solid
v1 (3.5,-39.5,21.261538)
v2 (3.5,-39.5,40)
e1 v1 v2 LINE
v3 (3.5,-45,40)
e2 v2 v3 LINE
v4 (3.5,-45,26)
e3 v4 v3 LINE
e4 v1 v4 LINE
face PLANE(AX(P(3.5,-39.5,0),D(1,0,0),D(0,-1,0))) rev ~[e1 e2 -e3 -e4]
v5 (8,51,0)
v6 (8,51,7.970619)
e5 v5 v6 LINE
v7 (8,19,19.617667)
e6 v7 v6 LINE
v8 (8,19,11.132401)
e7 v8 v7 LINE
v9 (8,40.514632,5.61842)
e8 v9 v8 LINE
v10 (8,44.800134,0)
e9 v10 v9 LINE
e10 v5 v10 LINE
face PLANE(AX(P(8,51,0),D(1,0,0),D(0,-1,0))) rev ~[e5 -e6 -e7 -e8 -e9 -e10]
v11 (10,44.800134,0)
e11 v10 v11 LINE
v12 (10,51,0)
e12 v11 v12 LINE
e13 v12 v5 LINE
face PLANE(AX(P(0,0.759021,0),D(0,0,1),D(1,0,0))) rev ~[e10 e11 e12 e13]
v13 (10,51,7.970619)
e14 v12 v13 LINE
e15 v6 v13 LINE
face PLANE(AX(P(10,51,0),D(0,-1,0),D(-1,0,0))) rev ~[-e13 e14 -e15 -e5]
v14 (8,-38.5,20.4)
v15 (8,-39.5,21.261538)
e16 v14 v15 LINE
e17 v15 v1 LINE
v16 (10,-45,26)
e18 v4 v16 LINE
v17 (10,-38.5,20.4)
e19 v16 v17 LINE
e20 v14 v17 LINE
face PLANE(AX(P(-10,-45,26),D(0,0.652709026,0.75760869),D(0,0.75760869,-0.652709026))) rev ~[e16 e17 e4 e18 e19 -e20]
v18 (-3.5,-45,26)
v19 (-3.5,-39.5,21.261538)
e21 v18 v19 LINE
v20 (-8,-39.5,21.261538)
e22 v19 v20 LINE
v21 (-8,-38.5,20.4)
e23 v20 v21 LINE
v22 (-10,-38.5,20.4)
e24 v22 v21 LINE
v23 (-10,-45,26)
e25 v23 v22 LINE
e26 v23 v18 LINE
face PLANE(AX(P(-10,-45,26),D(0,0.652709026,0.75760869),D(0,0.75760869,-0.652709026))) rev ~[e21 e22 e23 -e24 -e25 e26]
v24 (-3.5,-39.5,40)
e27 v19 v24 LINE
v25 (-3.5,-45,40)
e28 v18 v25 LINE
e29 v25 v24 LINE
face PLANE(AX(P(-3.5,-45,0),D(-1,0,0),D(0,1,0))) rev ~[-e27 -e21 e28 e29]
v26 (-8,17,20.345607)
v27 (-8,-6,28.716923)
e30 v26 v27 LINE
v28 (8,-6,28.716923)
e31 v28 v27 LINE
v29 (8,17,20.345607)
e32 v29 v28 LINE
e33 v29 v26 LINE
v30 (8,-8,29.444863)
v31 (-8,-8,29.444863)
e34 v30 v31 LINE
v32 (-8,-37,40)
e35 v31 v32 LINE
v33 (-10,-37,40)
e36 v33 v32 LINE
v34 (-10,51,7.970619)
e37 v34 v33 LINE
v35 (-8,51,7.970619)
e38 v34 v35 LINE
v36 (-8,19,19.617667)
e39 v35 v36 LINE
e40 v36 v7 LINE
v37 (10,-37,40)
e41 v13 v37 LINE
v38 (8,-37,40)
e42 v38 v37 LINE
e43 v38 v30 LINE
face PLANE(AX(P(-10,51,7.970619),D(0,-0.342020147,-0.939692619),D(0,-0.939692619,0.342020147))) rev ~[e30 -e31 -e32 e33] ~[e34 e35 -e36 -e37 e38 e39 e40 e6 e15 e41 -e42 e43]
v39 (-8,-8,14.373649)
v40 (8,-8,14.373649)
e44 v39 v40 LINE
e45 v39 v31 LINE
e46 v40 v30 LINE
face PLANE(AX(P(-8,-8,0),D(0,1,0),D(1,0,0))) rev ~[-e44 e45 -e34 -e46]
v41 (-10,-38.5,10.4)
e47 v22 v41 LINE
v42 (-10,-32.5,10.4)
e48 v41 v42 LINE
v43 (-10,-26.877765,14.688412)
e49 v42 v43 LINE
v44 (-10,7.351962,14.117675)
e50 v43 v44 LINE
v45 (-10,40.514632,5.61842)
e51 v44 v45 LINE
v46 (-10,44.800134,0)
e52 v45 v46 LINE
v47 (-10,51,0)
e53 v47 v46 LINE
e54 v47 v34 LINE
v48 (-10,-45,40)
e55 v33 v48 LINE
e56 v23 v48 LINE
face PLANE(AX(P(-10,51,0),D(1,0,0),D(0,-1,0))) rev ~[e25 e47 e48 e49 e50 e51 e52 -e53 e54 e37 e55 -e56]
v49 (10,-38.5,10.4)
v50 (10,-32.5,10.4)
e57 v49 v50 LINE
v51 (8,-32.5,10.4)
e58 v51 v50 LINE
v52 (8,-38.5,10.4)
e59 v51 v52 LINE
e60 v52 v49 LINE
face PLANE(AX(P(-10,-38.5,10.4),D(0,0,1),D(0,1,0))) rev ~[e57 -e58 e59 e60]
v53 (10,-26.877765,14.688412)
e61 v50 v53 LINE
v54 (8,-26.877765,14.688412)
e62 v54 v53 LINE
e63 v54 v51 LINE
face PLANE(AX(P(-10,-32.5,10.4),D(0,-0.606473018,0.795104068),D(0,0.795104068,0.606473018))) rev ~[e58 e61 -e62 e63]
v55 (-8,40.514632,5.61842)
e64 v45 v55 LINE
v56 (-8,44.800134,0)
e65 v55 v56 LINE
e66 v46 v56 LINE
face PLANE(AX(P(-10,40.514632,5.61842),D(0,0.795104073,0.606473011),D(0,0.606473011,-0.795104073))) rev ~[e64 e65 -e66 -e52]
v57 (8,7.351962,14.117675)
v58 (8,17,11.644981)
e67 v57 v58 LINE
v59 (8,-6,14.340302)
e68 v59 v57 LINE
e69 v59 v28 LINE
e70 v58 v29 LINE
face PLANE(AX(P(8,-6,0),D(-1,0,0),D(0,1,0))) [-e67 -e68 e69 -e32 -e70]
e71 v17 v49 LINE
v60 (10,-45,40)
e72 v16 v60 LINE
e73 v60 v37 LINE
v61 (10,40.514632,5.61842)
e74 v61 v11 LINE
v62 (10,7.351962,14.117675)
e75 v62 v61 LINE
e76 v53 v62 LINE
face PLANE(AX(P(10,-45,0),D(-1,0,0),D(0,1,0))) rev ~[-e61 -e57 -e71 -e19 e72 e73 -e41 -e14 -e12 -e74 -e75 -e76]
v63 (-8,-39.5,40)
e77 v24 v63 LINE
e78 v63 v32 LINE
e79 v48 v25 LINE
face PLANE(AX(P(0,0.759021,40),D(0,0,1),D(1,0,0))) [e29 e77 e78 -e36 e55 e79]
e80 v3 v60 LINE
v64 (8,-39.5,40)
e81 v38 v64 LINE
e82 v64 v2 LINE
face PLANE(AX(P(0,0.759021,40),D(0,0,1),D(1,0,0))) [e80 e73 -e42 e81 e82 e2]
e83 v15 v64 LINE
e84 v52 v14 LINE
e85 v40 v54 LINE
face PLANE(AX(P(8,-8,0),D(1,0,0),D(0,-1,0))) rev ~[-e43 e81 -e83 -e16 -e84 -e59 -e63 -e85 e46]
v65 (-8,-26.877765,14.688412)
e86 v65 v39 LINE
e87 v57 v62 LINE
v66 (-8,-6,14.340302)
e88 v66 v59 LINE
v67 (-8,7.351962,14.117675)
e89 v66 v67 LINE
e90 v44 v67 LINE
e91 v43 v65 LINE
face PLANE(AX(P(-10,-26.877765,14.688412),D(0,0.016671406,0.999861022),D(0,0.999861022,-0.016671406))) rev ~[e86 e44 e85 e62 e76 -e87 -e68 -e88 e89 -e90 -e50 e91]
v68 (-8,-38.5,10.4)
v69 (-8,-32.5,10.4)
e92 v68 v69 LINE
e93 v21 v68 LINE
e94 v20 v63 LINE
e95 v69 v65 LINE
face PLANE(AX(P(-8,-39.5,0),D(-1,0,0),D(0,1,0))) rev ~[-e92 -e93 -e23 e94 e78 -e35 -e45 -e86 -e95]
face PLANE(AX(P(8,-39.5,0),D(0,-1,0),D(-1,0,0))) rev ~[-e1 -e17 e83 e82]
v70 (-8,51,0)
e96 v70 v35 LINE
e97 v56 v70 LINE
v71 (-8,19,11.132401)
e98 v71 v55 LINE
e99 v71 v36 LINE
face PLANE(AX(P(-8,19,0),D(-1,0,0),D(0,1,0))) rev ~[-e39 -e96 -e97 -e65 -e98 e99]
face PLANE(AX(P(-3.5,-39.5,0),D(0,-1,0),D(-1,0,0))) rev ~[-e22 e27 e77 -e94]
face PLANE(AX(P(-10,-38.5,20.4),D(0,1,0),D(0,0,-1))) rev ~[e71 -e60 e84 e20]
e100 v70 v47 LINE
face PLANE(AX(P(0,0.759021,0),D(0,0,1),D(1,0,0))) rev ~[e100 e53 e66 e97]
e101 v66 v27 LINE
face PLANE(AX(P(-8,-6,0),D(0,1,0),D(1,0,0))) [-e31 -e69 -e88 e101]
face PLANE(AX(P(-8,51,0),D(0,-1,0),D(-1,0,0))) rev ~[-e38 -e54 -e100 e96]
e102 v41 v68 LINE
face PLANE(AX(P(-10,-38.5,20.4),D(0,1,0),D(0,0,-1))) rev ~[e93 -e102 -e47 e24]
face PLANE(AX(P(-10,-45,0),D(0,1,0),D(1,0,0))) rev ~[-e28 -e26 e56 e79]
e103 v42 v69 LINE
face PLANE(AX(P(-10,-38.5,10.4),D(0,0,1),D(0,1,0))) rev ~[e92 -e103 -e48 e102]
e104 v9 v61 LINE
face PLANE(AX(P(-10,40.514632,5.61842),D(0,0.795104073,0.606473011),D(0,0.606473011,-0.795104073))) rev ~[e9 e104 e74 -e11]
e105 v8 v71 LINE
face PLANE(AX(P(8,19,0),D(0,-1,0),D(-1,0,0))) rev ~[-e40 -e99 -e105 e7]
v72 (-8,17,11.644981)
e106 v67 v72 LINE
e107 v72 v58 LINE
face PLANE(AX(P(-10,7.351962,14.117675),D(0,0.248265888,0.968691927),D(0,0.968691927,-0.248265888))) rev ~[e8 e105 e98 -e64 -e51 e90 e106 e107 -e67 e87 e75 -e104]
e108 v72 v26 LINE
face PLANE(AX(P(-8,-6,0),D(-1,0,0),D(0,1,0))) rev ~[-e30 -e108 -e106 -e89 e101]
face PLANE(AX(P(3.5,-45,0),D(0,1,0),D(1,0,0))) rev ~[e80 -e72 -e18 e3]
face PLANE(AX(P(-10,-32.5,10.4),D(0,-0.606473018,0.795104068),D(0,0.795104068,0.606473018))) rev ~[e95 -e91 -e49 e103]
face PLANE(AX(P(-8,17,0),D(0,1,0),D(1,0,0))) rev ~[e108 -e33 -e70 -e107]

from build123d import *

# Parameters (mm, degrees)
F0_R     = 1.25
F0_W     = 16
F0_H     = 23
F1_DEPTH = 40
F3_DEPTH = 50


with BuildPart() as f1:
    # F0 (on Top) → F1 (new body)
    with BuildSketch(Plane.XY):
        Polygon((3.5, -45), (10, -45), (10, 45), (10, 51), (8, 51), (8, 45), (8, 19), (-8, 19), (-8, 45), (-8, 51), (-10, 51), (-10, 45), (-10, -45), (-3.5, -45), (-3.5, -39.5), (-8, -39.5), (-8, -8), (8, -8), (8, -39.5), (3.5, -39.5), align=None)
        with Locations((-7.5, -42.5)):
            Circle(F0_R, mode=Mode.SUBTRACT)
        with Locations((7.5, -42.5)):
            Circle(F0_R, mode=Mode.SUBTRACT)
        with Locations((0, 5.5)):
            Rectangle(F0_W, F0_H, mode=Mode.SUBTRACT)
        with Locations((-7.5, -42.5)):
            Circle(F0_R)
        with Locations((7.5, -42.5)):
            Circle(F0_R)
    extrude(amount=F1_DEPTH)

    # F2 (on face) → F3 (cut)
    with BuildSketch(Plane(origin=(-10, 0, 0), x_dir=(0, -1, 0), z_dir=(-1, 0, 0))):
        Polygon((37, 40), (-51, 40), (-51, 7.970619), align=None)
        Polygon((-40.514632, 5.61842), (-44.800134, 0), (38.5, 0), (38.5, 10.4), (32.5, 10.4), (26.877765, 14.688412), (-7.351962, 14.117675), align=None)
        Polygon((45, 0), (45, 26), (38.5, 20.4), (38.5, 10.4), (38.5, 0), align=None)
    extrude(amount=-F3_DEPTH, mode=Mode.SUBTRACT)


solid = f1.part
